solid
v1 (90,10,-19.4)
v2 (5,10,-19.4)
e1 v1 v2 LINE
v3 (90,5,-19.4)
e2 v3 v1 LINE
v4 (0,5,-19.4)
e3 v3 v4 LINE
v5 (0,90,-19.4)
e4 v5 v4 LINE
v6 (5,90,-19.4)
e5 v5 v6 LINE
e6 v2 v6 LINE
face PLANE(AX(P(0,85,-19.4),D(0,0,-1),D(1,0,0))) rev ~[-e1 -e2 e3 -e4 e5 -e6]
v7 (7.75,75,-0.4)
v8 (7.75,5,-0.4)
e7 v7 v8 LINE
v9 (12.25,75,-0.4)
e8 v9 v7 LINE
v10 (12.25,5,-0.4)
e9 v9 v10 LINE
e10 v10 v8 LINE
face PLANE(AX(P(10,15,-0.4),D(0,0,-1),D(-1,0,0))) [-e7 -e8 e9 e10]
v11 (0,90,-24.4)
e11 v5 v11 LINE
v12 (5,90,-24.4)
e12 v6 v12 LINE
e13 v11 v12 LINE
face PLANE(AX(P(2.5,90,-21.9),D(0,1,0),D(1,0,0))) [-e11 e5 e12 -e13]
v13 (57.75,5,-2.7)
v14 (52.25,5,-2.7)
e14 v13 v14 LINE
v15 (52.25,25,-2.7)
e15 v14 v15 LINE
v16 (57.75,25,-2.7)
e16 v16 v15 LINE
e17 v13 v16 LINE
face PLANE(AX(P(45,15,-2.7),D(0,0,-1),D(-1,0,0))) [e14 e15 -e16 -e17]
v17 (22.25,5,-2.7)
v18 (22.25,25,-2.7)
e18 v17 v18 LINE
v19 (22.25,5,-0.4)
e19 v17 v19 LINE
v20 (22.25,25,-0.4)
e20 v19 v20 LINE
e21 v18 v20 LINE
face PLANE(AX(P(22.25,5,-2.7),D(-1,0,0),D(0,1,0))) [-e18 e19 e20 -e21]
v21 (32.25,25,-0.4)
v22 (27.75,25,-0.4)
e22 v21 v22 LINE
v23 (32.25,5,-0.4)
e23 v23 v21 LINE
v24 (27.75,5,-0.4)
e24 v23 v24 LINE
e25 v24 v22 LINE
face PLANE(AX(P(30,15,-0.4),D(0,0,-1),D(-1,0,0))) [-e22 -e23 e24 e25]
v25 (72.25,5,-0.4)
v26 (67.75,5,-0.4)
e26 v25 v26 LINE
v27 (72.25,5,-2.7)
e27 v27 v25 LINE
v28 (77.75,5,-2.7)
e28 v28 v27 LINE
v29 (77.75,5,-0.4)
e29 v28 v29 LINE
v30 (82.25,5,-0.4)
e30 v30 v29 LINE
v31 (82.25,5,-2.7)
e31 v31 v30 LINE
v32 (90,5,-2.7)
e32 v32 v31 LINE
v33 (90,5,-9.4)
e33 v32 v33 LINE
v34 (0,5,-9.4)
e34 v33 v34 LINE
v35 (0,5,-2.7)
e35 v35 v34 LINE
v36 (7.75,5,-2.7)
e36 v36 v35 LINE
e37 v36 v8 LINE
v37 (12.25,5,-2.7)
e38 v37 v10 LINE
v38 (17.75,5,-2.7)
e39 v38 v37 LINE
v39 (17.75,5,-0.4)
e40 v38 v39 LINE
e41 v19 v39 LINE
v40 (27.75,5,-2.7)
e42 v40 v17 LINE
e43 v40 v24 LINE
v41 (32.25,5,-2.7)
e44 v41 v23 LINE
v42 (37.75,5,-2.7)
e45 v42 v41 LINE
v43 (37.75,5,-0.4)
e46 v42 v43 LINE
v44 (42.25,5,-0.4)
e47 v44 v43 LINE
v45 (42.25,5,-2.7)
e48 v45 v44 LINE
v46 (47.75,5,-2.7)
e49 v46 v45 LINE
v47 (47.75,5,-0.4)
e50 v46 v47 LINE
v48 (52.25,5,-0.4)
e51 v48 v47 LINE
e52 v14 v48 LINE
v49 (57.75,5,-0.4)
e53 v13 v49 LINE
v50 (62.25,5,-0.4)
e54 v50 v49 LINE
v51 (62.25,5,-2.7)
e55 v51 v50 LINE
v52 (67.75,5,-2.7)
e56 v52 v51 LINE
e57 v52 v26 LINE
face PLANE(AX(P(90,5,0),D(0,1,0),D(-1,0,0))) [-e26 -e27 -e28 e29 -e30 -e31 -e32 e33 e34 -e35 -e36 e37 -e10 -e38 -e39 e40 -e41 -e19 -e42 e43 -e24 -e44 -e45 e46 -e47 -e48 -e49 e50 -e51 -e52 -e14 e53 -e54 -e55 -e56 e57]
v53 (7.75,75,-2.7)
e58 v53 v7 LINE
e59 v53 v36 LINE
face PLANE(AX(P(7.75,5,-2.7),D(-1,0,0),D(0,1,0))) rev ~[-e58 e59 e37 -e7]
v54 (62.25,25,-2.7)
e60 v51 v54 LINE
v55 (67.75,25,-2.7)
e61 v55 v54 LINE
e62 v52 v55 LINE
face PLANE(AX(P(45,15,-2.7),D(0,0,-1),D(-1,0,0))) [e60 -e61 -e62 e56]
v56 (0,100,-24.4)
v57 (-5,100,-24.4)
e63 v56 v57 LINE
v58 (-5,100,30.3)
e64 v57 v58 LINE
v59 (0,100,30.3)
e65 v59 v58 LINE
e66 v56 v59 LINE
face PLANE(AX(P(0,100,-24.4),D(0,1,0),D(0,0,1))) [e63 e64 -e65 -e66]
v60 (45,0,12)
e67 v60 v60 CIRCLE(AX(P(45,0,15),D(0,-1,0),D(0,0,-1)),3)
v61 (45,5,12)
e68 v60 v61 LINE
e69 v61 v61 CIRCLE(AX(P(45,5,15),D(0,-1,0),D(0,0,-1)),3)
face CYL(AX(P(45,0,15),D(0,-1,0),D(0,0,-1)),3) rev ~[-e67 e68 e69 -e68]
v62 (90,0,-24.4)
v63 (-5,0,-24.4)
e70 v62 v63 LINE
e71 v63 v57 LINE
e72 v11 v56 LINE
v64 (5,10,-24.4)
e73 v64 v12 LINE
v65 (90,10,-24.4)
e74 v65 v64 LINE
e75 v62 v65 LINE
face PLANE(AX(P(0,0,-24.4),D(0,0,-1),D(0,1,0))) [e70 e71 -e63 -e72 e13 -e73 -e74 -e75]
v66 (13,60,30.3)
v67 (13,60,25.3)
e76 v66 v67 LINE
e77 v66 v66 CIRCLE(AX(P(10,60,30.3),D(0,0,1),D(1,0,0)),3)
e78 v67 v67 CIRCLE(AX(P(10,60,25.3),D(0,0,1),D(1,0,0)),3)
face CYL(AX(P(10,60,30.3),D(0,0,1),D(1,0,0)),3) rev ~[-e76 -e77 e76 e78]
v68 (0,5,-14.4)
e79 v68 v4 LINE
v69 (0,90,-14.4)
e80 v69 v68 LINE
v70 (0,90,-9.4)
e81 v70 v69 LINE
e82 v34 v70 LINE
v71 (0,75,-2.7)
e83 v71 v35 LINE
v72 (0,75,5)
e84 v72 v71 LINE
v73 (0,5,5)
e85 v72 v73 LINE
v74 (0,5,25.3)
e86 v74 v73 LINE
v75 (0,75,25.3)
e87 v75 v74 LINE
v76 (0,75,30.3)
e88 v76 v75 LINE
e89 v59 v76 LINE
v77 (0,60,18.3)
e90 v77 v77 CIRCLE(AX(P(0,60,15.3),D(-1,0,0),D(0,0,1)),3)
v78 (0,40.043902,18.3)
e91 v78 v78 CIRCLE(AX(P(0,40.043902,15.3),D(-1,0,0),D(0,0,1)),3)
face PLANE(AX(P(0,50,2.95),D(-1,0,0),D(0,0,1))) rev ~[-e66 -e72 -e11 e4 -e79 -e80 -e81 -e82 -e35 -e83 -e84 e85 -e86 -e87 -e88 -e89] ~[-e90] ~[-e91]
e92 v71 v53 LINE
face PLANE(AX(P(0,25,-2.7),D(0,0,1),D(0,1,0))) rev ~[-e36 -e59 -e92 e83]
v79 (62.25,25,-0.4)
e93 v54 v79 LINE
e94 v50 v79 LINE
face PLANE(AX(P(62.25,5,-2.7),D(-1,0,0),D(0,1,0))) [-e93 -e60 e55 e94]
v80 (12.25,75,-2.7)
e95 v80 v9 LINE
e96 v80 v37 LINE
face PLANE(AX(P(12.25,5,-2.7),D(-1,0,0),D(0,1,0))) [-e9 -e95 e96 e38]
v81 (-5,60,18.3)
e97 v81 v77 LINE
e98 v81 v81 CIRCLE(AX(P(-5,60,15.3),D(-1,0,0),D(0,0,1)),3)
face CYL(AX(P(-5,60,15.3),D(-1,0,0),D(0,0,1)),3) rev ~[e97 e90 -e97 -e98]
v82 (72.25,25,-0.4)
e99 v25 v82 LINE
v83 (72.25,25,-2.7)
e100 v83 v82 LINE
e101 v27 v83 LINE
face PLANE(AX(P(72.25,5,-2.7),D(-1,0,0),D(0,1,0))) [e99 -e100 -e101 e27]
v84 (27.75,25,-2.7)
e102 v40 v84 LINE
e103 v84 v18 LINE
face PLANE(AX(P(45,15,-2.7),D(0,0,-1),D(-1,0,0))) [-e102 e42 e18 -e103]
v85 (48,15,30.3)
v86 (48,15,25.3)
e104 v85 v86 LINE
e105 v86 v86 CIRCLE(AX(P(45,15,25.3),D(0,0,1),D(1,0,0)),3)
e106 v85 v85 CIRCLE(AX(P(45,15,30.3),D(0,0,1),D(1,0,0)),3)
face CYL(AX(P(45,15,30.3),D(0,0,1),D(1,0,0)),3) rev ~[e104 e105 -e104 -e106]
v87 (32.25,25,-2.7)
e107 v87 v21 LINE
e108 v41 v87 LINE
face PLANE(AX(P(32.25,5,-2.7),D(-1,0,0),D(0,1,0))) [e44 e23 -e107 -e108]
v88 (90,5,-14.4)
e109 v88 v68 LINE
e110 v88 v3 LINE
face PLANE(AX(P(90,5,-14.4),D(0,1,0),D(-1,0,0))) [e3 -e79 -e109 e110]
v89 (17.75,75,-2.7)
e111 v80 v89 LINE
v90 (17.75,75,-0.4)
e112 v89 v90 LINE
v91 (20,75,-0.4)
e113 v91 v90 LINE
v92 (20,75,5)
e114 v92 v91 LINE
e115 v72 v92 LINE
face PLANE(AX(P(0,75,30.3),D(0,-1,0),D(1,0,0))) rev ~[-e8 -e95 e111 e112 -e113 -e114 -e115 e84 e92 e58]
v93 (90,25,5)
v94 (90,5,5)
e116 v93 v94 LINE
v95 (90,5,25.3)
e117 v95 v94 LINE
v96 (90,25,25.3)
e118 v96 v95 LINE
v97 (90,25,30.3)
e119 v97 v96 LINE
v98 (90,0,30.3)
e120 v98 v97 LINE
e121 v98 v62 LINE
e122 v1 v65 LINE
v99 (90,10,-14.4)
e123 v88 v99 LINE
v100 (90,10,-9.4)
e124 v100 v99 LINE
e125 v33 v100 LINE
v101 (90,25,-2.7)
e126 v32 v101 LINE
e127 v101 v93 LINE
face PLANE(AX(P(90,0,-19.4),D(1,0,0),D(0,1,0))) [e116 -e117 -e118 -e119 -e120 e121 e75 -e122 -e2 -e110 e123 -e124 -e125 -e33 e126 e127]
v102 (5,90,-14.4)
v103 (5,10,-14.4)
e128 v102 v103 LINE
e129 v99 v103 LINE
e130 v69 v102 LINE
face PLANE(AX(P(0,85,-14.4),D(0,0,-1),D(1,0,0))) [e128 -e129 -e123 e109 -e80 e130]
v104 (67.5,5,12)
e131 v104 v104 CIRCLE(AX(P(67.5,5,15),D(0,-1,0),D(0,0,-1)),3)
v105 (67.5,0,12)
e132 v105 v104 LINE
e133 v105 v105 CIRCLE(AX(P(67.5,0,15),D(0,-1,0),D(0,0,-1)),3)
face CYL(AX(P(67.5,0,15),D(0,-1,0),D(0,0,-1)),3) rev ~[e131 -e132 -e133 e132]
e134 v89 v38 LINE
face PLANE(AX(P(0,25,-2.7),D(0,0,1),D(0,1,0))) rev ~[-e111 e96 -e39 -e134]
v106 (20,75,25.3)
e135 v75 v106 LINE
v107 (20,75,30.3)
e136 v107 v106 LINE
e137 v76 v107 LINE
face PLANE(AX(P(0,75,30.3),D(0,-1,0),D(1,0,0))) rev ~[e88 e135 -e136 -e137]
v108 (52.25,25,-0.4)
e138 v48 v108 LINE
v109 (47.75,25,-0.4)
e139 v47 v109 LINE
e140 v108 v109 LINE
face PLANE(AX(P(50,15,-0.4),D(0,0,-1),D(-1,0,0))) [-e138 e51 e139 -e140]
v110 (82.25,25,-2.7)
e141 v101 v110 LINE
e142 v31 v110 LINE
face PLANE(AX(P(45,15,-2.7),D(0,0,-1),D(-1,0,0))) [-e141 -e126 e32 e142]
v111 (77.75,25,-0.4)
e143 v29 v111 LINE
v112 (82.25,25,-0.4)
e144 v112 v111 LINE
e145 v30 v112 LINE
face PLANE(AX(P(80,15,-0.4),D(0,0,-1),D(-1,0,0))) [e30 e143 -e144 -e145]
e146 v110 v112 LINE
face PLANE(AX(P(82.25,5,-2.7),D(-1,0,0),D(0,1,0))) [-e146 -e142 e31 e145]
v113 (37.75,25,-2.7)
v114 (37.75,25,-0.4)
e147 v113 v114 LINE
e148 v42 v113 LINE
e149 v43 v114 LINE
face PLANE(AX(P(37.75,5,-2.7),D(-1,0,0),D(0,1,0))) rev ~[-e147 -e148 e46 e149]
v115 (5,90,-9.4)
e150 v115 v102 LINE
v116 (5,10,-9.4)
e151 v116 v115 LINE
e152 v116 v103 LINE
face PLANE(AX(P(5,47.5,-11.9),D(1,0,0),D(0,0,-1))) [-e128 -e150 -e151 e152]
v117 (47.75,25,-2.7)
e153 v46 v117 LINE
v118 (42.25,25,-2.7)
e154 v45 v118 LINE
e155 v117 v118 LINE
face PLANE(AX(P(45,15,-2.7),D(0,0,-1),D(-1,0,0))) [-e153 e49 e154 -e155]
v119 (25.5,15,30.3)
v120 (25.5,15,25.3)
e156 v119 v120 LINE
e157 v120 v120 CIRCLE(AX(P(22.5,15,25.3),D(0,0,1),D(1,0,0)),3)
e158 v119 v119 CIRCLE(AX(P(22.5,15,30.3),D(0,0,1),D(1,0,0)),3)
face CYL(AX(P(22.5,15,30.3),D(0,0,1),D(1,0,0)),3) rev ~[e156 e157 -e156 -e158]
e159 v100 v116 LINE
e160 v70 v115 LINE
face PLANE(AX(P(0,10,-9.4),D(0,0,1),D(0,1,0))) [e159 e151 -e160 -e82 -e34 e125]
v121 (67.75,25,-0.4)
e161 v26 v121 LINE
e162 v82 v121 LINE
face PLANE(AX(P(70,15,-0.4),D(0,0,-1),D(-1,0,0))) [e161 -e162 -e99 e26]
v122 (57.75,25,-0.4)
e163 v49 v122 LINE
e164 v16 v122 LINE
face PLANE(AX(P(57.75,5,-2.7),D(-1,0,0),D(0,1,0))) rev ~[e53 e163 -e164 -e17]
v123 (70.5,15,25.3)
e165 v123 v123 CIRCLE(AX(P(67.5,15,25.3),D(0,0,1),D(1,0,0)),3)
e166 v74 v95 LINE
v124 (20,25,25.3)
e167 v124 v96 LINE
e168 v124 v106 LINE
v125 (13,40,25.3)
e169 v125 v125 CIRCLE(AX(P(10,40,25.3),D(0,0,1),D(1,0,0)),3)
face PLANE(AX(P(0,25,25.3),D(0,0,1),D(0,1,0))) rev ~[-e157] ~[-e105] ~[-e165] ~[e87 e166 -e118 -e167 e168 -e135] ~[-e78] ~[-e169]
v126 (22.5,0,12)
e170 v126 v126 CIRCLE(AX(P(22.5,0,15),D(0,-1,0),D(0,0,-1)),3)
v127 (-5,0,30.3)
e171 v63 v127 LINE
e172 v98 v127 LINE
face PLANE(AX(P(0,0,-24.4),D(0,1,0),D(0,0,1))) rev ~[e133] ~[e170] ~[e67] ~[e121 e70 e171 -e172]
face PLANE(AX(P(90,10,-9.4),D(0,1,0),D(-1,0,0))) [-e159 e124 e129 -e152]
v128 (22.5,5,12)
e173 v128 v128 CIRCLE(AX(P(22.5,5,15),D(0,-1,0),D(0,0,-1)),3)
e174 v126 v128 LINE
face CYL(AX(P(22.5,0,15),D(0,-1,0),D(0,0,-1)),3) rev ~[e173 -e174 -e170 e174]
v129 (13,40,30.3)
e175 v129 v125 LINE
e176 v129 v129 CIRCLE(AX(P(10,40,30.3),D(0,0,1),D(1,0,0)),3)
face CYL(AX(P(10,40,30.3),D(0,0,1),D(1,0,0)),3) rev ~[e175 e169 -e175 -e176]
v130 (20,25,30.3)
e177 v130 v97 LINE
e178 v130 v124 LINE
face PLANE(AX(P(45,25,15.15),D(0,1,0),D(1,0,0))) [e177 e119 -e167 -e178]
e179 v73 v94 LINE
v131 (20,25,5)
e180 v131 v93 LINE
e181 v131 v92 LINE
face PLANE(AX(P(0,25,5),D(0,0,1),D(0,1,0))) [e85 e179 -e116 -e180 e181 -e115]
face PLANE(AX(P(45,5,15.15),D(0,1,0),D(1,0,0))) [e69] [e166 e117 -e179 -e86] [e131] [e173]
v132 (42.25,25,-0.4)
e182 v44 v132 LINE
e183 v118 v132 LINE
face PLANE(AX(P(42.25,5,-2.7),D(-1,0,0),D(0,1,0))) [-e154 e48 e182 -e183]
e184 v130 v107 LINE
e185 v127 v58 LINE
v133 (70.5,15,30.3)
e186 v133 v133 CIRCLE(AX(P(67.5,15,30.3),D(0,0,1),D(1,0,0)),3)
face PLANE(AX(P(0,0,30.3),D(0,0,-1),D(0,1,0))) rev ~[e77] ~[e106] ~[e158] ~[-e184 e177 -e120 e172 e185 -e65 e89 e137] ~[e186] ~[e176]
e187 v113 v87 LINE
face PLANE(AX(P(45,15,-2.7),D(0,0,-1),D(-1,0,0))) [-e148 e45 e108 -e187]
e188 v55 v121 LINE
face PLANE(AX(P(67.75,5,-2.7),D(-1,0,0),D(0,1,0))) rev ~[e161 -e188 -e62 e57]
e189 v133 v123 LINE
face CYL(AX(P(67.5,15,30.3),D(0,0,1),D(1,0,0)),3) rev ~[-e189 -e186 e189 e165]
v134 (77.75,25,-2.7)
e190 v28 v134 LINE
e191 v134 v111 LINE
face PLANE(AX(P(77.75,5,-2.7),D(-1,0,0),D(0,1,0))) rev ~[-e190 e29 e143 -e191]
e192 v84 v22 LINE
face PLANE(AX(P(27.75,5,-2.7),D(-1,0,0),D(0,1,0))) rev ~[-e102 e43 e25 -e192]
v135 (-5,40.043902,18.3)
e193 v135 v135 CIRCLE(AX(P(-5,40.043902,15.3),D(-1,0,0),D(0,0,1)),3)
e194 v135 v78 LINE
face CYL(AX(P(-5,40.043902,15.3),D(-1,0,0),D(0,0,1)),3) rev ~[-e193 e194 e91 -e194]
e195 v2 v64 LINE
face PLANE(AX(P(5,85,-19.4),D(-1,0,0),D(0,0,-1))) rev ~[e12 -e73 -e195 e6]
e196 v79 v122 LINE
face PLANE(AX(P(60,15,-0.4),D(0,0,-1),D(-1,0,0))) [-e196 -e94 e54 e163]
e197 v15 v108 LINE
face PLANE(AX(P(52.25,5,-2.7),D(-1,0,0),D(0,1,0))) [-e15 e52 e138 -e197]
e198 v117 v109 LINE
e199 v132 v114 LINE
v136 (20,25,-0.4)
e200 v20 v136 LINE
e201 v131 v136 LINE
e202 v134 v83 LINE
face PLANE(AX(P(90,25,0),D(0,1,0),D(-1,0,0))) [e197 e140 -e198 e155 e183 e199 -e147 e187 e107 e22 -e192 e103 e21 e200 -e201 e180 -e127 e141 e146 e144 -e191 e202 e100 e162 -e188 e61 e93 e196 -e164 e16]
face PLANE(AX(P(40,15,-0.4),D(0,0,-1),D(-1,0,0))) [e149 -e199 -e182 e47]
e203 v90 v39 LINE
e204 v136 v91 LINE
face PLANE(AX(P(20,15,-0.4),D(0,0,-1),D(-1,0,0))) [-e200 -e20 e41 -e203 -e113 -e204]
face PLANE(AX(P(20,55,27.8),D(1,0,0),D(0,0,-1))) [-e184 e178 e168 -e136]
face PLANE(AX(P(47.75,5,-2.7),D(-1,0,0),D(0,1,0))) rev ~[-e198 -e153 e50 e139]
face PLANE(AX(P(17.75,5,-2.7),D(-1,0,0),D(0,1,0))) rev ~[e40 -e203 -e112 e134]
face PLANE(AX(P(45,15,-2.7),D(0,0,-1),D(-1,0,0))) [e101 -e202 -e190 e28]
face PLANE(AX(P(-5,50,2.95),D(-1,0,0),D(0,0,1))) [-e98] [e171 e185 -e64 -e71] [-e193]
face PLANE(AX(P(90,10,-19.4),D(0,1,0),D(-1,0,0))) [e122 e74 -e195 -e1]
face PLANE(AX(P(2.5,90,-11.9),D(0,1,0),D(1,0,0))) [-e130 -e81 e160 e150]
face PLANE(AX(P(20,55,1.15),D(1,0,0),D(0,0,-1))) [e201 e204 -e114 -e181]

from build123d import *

# Parameters (mm, degrees)
SKETCH1_W              = 90
SKETCH1_H              = 30.3
BOSS_EXTRUDE1_DEPTH    = 25
SKETCH2_W              = 90
SKETCH2_H              = 20.3
F_2020_SLOT_20_3_DEPTH = 20
SKETCH3_R              = 3
CUT_EXTRUDE2_DEPTH     = 99.19923625
SKETCH5_W              = 90
SKETCH5_H              = 5
BOSS_EXTRUDE2_DEPTH    = 9.4
SKETCH6_W              = 90
SKETCH6_H              = 10
BOSS_EXTRUDE3_DEPTH    = 5
SKETCH7_R              = 3
CUT_EXTRUDE4_DEPTH     = 5
LPATTERN1_COUNT        = 3
LPATTERN1_PITCH        = 22.5
LPATTERN2_COUNT        = 3
LPATTERN2_PITCH        = 22.5
SKETCH10_W             = 90
SKETCH10_H             = 20
BOSS_EXTRUDE4_DEPTH    = 2.7
SKETCH11_W             = 4.5
SKETCH11_H             = 20
CUT_EXTRUDE5_DEPTH     = 2.3
LPATTERN3_COUNT        = 8
LPATTERN3_PITCH        = 10
SKETCH12_W             = 90
SKETCH12_H             = 5
DIFFUSER_SLOT_DEPTH    = 5
SKETCH13_W             = 90
SKETCH13_H             = 10
BOSS_EXTRUDE6_DEPTH    = 5
SKETCH14_W             = 54.7
SKETCH14_H             = 100
BOSS_EXTRUDE7_DEPTH    = 5
SKETCH15_W             = 7.7
SKETCH15_H             = 60
SKETCH15_W_2           = 5
BOSS_EXTRUDE8_DEPTH    = 20
SKETCH16_W             = 5
SKETCH16_H             = 75
BOSS_EXTRUDE9_DEPTH    = 5
SKETCH17_W             = 20
SKETCH17_H             = 25
CUT_EXTRUDE6_DEPTH     = 35
SKETCH18_W             = 4.5
SKETCH18_H             = 50
SKETCH18_W_2           = 2.25
CUT_EXTRUDE7_DEPTH     = 2.3
SKETCH19_W             = 5
SKETCH19_H             = 5
BOSS_EXTRUDE10_DEPTH   = 5
SKETCH20_R             = 3
CUT_EXTRUDE8_DEPTH     = 5
SKETCH22_R             = 3
CUT_EXTRUDE9_DEPTH     = 5


with BuildPart() as part:
    # Sketch1 → Boss-Extrude1 (new body)
    with BuildSketch(Plane(origin=(0, 0, 0), x_dir=(1, 0, 0), z_dir=(0, 1, 0))):
        with Locations((45, -15.15)):
            Rectangle(SKETCH1_W, SKETCH1_H)
    extrude(amount=BOSS_EXTRUDE1_DEPTH)

    # Sketch2 → 2020_Slot_20.3 (cut)
    with BuildSketch(Plane(origin=(0, 25, 0), x_dir=(1, 0, 0), z_dir=(0, 1, 0))):
        with Locations((45, -15.15)):
            Rectangle(SKETCH2_W, SKETCH2_H)
    extrude(amount=-F_2020_SLOT_20_3_DEPTH, mode=Mode.SUBTRACT)

    # Sketch3 → Cut-Extrude2 (cut, through all)
    with BuildSketch(Plane(origin=(0, 0, 0), x_dir=(-1, 0, 0), z_dir=(0, -1, 0))):
        with Locations(Location((-22.5, -15, 0), (0, 0, 90))):
            Circle(SKETCH3_R)
    cut_extrude2 = extrude(amount=-CUT_EXTRUDE2_DEPTH, mode=Mode.SUBTRACT)

    # Sketch5 → Boss-Extrude2 (add)
    with BuildSketch(Plane(origin=(0, 0, 0), x_dir=(-1, 0, 0), z_dir=(0, 0, -1))):
        with Locations((-45, 2.5)):
            Rectangle(SKETCH5_W, SKETCH5_H)
    extrude(amount=BOSS_EXTRUDE2_DEPTH)

    # Sketch6 → Boss-Extrude3 (add)
    with BuildSketch(Plane(origin=(0, 0, -9.4), x_dir=(-1, 0, 0), z_dir=(0, 0, -1))):
        with Locations((-45, 5)):
            Rectangle(SKETCH6_W, SKETCH6_H)
    extrude(amount=BOSS_EXTRUDE3_DEPTH)

    # Sketch7 → Cut-Extrude4 (cut)
    with BuildSketch(Plane.XY.offset(30.3)):
        with Locations((22.5, 15)):
            Circle(SKETCH7_R)
    cut_extrude4 = extrude(amount=-CUT_EXTRUDE4_DEPTH, mode=Mode.SUBTRACT)

    # LPattern1: Cut-Extrude4 ×3
    with Locations(*[(i * LPATTERN1_PITCH, 0, 0) for i in range(1, LPATTERN1_COUNT)]):
        add(cut_extrude4, mode=Mode.SUBTRACT)

    # LPattern2: Cut-Extrude2 ×3
    with Locations(*[(i * LPATTERN2_PITCH, 0, 0) for i in range(1, LPATTERN2_COUNT)]):
        add(cut_extrude2, mode=Mode.SUBTRACT)

    # Sketch10 → Boss-Extrude4 (add)
    with BuildSketch(Plane(origin=(0, 0, 0), x_dir=(-1, 0, 0), z_dir=(0, 0, -1))):
        with Locations((-45, 15)):
            Rectangle(SKETCH10_W, SKETCH10_H)
    extrude(amount=BOSS_EXTRUDE4_DEPTH)

    # Sketch11 → Cut-Extrude5 (cut)
    with BuildSketch(Plane(origin=(0, 0, -2.7), x_dir=(-1, 0, 0), z_dir=(0, 0, -1))):
        with Locations((-10, 15)):
            Rectangle(SKETCH11_W, SKETCH11_H)
    cut_extrude5 = extrude(amount=-CUT_EXTRUDE5_DEPTH, mode=Mode.SUBTRACT)

    # LPattern3: Cut-Extrude5 ×8
    with Locations(*[(i * LPATTERN3_PITCH, 0, 0) for i in range(1, LPATTERN3_COUNT)]):
        add(cut_extrude5, mode=Mode.SUBTRACT)

    # Sketch12 → Diffuser_Slot (add)
    with BuildSketch(Plane(origin=(0, 0, -14.4), x_dir=(-1, 0, 0), z_dir=(0, 0, -1))):
        with Locations((-45, 2.5)):
            Rectangle(SKETCH12_W, SKETCH12_H)
    extrude(amount=DIFFUSER_SLOT_DEPTH)

    # Sketch13 → Boss-Extrude6 (add)
    with BuildSketch(Plane(origin=(0, 0, -19.4), x_dir=(-1, 0, 0), z_dir=(0, 0, -1))):
        with Locations((-45, 5)):
            Rectangle(SKETCH13_W, SKETCH13_H)
    extrude(amount=BOSS_EXTRUDE6_DEPTH)

    # Sketch14 → Boss-Extrude7 (add)
    with BuildSketch(Plane.ZY):
        with Locations((2.95, 50)):
            Rectangle(SKETCH14_W, SKETCH14_H)
    extrude(amount=BOSS_EXTRUDE7_DEPTH)

    # Sketch15 → Boss-Extrude8 (add)
    with BuildSketch(Plane(origin=(0, 0, 0), x_dir=(0, 0, -1), z_dir=(1, 0, 0))):
        with Locations((-1.15, 55)):
            Rectangle(SKETCH15_W, SKETCH15_H)
        with Locations((-27.8, 55)):
            Rectangle(SKETCH15_W_2, SKETCH15_H)
    extrude(amount=BOSS_EXTRUDE8_DEPTH)

    # Sketch16 → Boss-Extrude9 (add)
    with BuildSketch(Plane(origin=(0, 0, 0), x_dir=(0, 0, -1), z_dir=(1, 0, 0))):
        with Locations((11.9, 47.5)):
            Rectangle(SKETCH16_W, SKETCH16_H)
        with Locations((21.9, 47.5)):
            Rectangle(SKETCH16_W, SKETCH16_H)
    extrude(amount=BOSS_EXTRUDE9_DEPTH)

    # Sketch17 → Cut-Extrude6 (cut)
    with BuildSketch(Plane.XY.offset(30.3)):
        with Locations((10, 87.5)):
            Rectangle(SKETCH17_W, SKETCH17_H)
    extrude(amount=-CUT_EXTRUDE6_DEPTH, mode=Mode.SUBTRACT)

    # Sketch18 → Cut-Extrude7 (cut)
    with BuildSketch(Plane(origin=(0, 0, -2.7), x_dir=(-1, 0, 0), z_dir=(0, 0, -1))):
        with Locations((-10, 50)):
            Rectangle(SKETCH18_W, SKETCH18_H)
        with Locations((-18.875, 50)):
            Rectangle(SKETCH18_W_2, SKETCH18_H)
    extrude(amount=-CUT_EXTRUDE7_DEPTH, mode=Mode.SUBTRACT)

    # Sketch19 → Boss-Extrude10 (add)
    with BuildSketch(Plane(origin=(0, 85, 0), x_dir=(1, 0, 0), z_dir=(0, 1, 0))):
        with Locations((2.5, 21.9)):
            Rectangle(SKETCH19_W, SKETCH19_H)
        with Locations((2.5, 11.9)):
            Rectangle(SKETCH19_W, SKETCH19_H)
    extrude(amount=BOSS_EXTRUDE10_DEPTH)

    # Sketch20 → Cut-Extrude8 (cut)
    with BuildSketch(Plane.XY.offset(30.3)):
        with Locations((10, 60)):
            Circle(SKETCH20_R)
        with Locations((10, 40)):
            Circle(SKETCH20_R)
    extrude(amount=-CUT_EXTRUDE8_DEPTH, mode=Mode.SUBTRACT)

    # Sketch22 → Cut-Extrude9 (cut)
    with BuildSketch(Plane.ZY.offset(5)):
        with Locations((15.3, 60)):
            Circle(SKETCH22_R)
        with Locations((15.3, 40.043901833)):
            Circle(SKETCH22_R)
    extrude(amount=-CUT_EXTRUDE9_DEPTH, mode=Mode.SUBTRACT)


solid = part.part
